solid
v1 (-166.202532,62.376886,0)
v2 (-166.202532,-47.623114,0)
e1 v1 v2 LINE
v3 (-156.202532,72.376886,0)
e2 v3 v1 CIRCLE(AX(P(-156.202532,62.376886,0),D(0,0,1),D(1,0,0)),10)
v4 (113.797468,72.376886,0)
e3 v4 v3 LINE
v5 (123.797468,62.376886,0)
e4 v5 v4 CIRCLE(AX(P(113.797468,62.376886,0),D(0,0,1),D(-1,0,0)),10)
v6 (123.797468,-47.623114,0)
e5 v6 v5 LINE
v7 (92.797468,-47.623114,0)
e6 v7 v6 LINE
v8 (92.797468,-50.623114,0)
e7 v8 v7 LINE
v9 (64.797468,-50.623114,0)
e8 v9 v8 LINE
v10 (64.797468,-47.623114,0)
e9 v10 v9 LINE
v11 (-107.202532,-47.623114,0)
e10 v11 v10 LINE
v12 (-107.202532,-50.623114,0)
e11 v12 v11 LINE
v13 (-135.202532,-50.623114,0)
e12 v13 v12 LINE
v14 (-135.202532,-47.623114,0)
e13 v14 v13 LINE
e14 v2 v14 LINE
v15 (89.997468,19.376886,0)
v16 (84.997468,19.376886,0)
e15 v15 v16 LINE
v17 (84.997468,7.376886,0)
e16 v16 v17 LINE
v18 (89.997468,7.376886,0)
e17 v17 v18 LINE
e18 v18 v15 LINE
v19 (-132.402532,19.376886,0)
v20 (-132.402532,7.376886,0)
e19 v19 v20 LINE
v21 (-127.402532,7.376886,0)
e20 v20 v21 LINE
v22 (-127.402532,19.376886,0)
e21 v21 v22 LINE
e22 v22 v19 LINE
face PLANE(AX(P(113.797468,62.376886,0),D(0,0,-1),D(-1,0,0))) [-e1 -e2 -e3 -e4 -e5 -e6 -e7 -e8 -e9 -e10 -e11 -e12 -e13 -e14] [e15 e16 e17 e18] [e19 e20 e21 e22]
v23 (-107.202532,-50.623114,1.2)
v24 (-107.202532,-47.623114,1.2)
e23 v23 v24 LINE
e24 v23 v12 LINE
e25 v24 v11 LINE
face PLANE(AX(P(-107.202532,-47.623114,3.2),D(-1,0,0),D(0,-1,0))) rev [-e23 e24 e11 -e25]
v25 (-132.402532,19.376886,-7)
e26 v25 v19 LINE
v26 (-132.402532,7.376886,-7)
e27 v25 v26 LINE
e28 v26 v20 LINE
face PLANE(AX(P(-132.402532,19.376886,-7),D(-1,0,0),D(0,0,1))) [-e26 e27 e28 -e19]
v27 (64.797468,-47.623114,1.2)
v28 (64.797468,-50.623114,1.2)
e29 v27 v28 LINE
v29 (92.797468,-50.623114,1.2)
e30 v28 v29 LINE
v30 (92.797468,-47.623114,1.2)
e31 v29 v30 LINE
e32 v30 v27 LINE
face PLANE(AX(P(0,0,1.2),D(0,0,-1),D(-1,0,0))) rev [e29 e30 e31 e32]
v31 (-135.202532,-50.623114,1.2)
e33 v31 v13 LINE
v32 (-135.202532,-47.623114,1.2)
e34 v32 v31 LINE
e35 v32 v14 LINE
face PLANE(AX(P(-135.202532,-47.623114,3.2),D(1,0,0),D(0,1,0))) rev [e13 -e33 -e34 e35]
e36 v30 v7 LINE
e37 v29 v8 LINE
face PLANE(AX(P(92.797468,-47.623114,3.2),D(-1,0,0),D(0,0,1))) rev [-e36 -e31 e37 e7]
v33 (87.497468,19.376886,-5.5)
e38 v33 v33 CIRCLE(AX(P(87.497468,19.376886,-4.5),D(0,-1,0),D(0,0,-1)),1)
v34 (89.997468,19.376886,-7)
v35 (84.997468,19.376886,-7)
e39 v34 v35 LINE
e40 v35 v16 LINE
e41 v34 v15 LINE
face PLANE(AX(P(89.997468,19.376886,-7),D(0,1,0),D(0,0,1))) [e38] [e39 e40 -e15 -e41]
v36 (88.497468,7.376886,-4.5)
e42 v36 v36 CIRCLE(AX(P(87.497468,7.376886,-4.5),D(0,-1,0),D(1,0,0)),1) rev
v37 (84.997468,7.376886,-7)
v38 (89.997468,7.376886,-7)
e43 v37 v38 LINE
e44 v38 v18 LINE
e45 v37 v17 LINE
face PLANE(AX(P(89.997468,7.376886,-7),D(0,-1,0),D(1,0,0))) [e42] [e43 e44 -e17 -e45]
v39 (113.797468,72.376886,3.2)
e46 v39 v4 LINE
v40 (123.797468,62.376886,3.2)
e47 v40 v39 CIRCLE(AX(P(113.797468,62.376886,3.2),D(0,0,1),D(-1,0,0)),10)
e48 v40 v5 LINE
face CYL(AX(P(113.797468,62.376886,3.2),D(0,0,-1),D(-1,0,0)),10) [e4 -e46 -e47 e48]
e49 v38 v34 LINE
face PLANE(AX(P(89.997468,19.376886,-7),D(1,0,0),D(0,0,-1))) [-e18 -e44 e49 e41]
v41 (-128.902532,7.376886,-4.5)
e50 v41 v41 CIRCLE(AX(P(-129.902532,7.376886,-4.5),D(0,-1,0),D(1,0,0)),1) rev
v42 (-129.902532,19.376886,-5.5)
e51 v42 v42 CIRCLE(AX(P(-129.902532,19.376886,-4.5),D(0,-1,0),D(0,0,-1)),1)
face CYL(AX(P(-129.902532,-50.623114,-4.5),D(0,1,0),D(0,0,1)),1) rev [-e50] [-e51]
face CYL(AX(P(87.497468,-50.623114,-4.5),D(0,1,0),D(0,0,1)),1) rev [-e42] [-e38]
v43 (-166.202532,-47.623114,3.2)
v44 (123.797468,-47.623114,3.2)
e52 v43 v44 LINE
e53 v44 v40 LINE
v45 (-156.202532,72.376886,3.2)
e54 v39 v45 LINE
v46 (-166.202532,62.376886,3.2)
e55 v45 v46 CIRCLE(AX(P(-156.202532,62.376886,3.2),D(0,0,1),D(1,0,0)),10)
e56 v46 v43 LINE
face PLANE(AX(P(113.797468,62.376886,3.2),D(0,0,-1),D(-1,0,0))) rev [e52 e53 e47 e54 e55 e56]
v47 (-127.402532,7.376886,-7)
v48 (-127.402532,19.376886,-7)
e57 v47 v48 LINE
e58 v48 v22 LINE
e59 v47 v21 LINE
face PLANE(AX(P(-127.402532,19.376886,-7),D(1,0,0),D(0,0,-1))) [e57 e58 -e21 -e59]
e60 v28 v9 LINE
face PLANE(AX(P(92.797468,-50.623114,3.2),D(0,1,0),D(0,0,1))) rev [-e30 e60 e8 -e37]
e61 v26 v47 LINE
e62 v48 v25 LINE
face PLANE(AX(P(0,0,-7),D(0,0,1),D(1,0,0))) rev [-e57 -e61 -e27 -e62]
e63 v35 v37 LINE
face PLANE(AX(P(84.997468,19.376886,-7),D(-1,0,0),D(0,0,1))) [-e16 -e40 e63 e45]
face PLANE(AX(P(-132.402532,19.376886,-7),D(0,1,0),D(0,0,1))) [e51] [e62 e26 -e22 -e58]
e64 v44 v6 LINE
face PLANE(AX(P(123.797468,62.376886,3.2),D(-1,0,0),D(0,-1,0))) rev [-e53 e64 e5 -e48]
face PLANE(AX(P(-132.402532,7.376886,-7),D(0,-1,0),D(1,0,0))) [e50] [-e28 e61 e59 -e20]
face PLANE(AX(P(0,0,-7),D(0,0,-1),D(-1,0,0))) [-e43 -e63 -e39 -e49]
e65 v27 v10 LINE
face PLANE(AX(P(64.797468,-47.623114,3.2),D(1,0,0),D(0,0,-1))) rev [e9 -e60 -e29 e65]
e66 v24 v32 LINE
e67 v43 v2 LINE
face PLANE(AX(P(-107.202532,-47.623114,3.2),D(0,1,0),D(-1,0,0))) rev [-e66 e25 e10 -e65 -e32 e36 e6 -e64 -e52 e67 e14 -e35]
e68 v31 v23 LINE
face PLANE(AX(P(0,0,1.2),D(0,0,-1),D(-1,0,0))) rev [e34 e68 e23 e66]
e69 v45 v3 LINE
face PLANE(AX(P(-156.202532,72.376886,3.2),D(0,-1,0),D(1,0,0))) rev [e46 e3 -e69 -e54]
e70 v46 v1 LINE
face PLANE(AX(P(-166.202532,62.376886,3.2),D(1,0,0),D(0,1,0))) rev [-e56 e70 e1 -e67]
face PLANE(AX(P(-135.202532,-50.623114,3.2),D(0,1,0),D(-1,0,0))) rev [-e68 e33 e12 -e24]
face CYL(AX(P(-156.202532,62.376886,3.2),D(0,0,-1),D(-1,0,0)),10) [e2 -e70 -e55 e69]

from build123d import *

# Parameters (mm, degrees)
EXTRUDE_1_DEPTH     = 3.2
SKETCH_2_W          = 28
SKETCH_2_H          = 3
CUT_EXTRUDE_1_DEPTH = 2
SKETCH_3_W          = 5
SKETCH_3_H          = 12
EXTRUDE_2_DEPTH     = 7
SKETCH_4_R          = 1
CUT_EXTRUDE_2_DEPTH = 243.070789578


with BuildPart() as part:
    # 草图1 → 凸台-拉伸1 (new body)
    with BuildSketch(Plane.XY):
        with BuildLine():
            Line((-107.202531646, -47.623114492), (64.797468354, -47.623114492))
            Line((64.797468354, -47.623114492), (64.797468354, -50.623114492))
            Line((64.797468354, -50.623114492), (92.797468354, -50.623114492))
            Line((92.797468354, -50.623114492), (92.797468354, -47.623114492))
            Line((92.797468354, -47.623114492), (123.797468354, -47.623114492))
            Line((123.797468354, -47.623114492), (123.797468354, 62.376885508))
            ThreePointArc((123.797468354, 62.376885508), (120.868536166, 69.447953319), (113.797468354, 72.376885508))
            Line((113.797468354, 72.376885508), (-156.202531646, 72.376885508))
            ThreePointArc((-156.202531646, 72.376885508), (-163.273599457, 69.447953319), (-166.202531646, 62.376885508))
            Line((-166.202531646, 62.376885508), (-166.202531646, -47.623114492))
            Line((-166.202531646, -47.623114492), (-135.202531646, -47.623114492))
            Line((-135.202531646, -47.623114492), (-135.202531646, -50.623114492))
            Line((-135.202531646, -50.623114492), (-107.202531646, -50.623114492))
            Line((-107.202531646, -50.623114492), (-107.202531646, -47.623114492))
        make_face()
    extrude(amount=EXTRUDE_1_DEPTH)

    # 草图2 → 切除-拉伸1 (cut)
    with BuildSketch(Plane.XY.offset(3.2)):
        with Locations((-121.202531646, -49.123114492)):
            Rectangle(SKETCH_2_W, SKETCH_2_H)
        with Locations((78.797468354, -49.123114492)):
            Rectangle(SKETCH_2_W, SKETCH_2_H)
    extrude(amount=-CUT_EXTRUDE_1_DEPTH, mode=Mode.SUBTRACT)

    # 草图3 → 凸台-拉伸2 (add)
    with BuildSketch(Plane.XY):
        with Locations((-129.902531646, 13.376885508)):
            Rectangle(SKETCH_3_W, SKETCH_3_H)
        with Locations((87.497468354, 13.376885508)):
            Rectangle(SKETCH_3_W, SKETCH_3_H)
    extrude(amount=-EXTRUDE_2_DEPTH)

    # 草图4 → 切除-拉伸2 (cut, through all)
    with BuildSketch(Plane(origin=(65.420582847, 19.376885508, 0), x_dir=(0, 0, -1), z_dir=(0, -1, 0))):
        with Locations(Location((4.5, -195.323114492, 0), (0, 0, 90))):
            Circle(SKETCH_4_R)
        with Locations(Location((4.5, 22.076885508, 0), (0, 0, 90))):
            Circle(SKETCH_4_R)
    extrude(amount=CUT_EXTRUDE_2_DEPTH, mode=Mode.SUBTRACT)


solid = part.part
